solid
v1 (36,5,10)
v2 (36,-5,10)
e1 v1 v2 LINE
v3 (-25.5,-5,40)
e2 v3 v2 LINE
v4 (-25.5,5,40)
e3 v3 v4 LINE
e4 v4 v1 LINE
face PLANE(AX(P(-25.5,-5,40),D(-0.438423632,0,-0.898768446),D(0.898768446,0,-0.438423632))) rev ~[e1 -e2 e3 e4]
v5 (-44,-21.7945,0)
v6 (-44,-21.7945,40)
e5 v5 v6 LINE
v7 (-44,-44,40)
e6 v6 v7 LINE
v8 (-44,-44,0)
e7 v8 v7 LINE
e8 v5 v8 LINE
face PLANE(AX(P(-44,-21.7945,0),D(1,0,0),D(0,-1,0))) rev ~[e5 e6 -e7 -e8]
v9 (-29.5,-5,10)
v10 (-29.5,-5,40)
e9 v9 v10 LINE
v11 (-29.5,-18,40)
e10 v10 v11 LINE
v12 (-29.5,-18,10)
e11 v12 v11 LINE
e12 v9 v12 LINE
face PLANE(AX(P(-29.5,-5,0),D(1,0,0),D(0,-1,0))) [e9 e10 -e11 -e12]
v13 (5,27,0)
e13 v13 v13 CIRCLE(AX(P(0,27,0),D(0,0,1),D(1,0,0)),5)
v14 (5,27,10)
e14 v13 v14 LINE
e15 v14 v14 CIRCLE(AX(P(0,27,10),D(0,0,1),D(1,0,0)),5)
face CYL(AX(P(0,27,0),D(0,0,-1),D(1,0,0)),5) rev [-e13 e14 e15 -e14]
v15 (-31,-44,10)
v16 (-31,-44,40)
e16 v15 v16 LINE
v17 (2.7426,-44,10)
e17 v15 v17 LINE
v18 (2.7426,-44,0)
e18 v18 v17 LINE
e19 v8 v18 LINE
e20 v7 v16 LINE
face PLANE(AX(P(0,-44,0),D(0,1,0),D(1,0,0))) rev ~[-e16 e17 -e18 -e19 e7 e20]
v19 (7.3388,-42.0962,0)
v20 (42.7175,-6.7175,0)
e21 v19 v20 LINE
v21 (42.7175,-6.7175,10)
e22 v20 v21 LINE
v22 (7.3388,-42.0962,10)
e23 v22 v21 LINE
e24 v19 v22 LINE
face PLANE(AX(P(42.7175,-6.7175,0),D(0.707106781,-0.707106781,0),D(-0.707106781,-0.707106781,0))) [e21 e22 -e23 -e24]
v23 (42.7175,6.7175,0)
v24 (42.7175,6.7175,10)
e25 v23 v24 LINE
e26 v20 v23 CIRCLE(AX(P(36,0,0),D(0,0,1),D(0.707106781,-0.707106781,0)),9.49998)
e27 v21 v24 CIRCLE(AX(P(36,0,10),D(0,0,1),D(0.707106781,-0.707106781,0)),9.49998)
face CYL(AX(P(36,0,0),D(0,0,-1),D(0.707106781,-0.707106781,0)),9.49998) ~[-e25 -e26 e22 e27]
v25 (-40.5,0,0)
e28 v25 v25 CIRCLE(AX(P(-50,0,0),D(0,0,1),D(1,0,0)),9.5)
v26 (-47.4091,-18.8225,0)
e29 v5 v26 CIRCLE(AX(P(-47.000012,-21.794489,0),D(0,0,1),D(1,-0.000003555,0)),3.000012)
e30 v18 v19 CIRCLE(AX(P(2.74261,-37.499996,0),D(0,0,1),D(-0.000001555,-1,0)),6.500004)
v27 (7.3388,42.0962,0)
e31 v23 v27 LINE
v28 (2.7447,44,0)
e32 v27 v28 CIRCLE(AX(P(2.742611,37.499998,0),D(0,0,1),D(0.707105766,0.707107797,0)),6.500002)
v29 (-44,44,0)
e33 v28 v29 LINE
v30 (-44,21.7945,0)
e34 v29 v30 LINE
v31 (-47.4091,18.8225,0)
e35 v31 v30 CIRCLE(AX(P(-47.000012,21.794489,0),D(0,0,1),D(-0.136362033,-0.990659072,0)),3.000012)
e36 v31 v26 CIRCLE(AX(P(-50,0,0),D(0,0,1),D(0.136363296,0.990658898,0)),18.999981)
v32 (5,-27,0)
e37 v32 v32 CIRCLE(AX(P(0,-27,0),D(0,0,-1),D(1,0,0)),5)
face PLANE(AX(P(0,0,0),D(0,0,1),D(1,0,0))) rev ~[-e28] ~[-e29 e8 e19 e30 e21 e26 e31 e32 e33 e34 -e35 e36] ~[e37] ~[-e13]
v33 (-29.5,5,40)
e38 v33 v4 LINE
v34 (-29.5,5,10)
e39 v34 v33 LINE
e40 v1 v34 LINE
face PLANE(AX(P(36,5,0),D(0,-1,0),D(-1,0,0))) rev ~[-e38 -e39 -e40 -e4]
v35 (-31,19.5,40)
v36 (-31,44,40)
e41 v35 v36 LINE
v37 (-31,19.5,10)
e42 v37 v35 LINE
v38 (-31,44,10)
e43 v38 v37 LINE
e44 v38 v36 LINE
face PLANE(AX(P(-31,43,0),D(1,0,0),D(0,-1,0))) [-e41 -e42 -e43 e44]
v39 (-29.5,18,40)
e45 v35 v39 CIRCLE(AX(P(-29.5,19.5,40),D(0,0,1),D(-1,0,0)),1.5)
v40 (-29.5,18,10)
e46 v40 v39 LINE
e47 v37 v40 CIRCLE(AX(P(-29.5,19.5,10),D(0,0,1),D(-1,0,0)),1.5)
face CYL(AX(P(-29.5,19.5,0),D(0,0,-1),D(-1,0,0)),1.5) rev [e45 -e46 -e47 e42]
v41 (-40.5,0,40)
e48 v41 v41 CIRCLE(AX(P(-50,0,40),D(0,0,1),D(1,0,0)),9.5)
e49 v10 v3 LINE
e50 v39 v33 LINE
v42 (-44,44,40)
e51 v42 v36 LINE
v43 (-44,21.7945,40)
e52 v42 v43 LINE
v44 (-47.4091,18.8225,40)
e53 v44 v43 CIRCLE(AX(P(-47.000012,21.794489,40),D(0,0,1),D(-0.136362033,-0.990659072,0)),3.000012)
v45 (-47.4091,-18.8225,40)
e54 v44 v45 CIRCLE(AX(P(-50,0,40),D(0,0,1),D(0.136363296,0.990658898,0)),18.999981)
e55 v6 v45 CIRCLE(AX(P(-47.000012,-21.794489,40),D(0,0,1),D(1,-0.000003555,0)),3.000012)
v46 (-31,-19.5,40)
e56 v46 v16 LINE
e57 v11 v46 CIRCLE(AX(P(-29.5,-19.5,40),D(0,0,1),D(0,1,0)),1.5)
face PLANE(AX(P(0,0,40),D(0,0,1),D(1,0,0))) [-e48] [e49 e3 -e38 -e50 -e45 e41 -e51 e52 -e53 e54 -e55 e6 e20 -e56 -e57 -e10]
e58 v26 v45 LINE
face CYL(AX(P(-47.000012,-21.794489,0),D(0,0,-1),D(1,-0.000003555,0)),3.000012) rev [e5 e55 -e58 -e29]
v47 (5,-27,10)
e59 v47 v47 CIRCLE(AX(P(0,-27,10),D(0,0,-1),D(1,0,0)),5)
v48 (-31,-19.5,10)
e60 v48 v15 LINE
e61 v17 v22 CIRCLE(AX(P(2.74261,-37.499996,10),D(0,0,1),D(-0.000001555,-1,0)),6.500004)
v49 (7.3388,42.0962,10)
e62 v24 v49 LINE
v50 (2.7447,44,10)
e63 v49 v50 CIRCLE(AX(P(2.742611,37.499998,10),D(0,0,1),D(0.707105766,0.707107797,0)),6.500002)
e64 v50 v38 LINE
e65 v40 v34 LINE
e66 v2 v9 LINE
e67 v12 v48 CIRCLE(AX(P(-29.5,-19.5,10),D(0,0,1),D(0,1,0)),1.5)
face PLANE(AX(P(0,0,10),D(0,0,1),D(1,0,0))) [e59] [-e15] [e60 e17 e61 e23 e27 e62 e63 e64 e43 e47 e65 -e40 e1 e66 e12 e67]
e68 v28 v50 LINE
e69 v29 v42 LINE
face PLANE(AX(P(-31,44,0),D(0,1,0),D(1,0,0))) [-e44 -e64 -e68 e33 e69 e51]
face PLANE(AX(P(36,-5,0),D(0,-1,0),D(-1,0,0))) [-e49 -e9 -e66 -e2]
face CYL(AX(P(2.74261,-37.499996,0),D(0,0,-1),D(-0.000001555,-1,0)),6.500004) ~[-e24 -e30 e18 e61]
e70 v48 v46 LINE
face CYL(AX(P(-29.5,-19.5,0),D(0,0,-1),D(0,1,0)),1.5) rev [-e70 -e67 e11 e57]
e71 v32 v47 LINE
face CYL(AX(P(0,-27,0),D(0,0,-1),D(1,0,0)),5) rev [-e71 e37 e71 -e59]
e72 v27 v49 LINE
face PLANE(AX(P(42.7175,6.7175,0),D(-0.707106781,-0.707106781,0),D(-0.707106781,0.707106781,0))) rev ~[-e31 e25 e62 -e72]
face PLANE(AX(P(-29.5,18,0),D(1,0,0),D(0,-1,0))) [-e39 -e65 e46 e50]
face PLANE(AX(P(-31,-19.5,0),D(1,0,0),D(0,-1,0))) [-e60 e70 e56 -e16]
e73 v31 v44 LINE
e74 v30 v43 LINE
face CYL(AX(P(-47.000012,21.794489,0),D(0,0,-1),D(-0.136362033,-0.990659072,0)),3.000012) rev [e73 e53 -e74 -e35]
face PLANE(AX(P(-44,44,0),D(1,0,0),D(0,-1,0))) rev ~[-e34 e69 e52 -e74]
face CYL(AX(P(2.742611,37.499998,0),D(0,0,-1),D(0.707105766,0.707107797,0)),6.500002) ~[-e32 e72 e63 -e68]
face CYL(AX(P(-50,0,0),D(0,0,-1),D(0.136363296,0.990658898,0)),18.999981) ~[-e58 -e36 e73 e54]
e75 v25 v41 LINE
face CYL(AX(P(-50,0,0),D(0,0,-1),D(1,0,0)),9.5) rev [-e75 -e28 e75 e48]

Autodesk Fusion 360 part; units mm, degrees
sketch "Sketch1" plane through (0, 0, 0) normal (0, 0, 1) x (1, 0, 0)
  circle A0 centre (-50, 0) radius 9.5
  arc A1 (-29.5, -18) -> (-31, -19.5) centre (-29.5, -19.5) ccw
  arc A2 (-31, 19.5) -> (-29.5, 18) centre (-29.5, 19.5) ccw
  line L0 (-31, 43) -> (-31, 19.5)
  line L1 (-31, -19.5) -> (-31, -43)
  line L2 (-24, 5) -> (-24, -5)
  line L3 (-50, 43) -> (-50, 44)
  line L4 (-44, 44) -> (2.7447, 44)
  line L5 (42, 44) -> (42, 43)
  line L6 (-50, -43) -> (-50, -44)
  line L7 (-31, -43) -> (-31, -44)
  line L8 (-24, -43) -> (-24, -44)
  line L9 (-13, -43) -> (-13, -44)
  line L10 (42, -43) -> (42, -44)
  line L11 (-13, 43) -> (-13, 44)
  line L12 (-24, 43) -> (-24, 44)
  line L13 (-31, 43) -> (-31, 44)
  line L14 (-31, 44) -> (-44, 44)
  arc A3 (-47.4091, 18.8225) -> (-47.4091, -18.8225) centre (-50, 0) ccw
  line L15 (-44, 44) -> (-44, 21.7945)
  line L16 (-44, -21.7945) -> (-44, -44)
  arc A4 (-47.4091, 18.8225) -> (-44, 21.7945) centre (-47, 21.7945) ccw
  arc A5 (-44, -21.7945) -> (-47.4091, -18.8225) centre (-47, -21.7945) ccw
  line L17 (-31, 44) -> (0, 44)
  line L18 (0, 44) -> (0, 43.393)
  circle A6 centre (0, 27) radius 5
  circle A7 centre (0, -27) radius 5
  line L19 (0, 44) -> (2.7426, 44)
  line L20 (36, 0) -> (36, 5)
  line L21 (36, 5) -> (-29.5, 5)
  line L22 (36, 5) -> (36, -5)
  line L23 (36, -5) -> (-29.5, -5)
  line L24 (45.5, -44) -> (42, -44)
  line L25 (42.7175, -6.7175) -> (7.3388, -42.0962)
  arc A8 (2.7426, -44) -> (7.3388, -42.0962) centre (2.7426, -37.5) ccw
  arc A9 (0, -31.607) -> (-0.6526, -31.9572) centre (2.7426, -37.5) ccw
  line L26 (0, -44) -> (0, -43.393)
  line L27 (0, -32) -> (0, -31.607)
  line L28 (-44, -44) -> (2.7426, -44)
  line L29 (42.7175, 6.7175) -> (7.3388, 42.0962)
  arc A10 (7.3388, 42.0962) -> (2.7406, 44) centre (2.7426, 37.5) ccw
  arc A11 (42.7175, -6.7175) -> (42.7175, 6.7175) centre (36, 0) ccw
  line L30 (36, 5) -> (36, -5)
  line L31 (36, -9.5) -> (36, -13.435)
  line L32 (-29.5, 18) -> (-29.5, 5)
  line L33 (-29.5, -5) -> (-29.5, -18)
  dimension "d10" = 19
  dimension "d11" = 19
  dimension "d18" = 3
  dimension "d19" = 3
  dimension "d22" = 92
  dimension "d25" = 88
  dimension "d26" = 13
  dimension "d28" = 6
  dimension "d29" = 6
  dimension "d30" = 20
  dimension "d31" = 31
  dimension "d32" = 17
  dimension "d33" = 17
  dimension "d34" = 10
  dimension "d35" = 10
  dimension "d38" = 19
  dimension "d43" = 13
  dimension "d47" = 13
extrude "Extrude5" add sketch "Sketch1" along normal blind 40 contours A1 A2 L0 L1 L2 L4 L7 L13 L14 A3 L15 L16 A4 A5 L21 L23 L28 L32 L33
extrude "Extrude6" add sketch "Sketch1" along normal blind 10 contours A1 A2 L0 L1 L4 L7 L13 L17 L19 L20 L21 L22 L23 L25 A8 L28 L29 A10 A11 L30 L32 L33
extrude "Extrude7" add sketch "Sketch1" along normal blind 40 contours L2 L20 L21 L22 L23 L30
sketch "Sketch3" plane through (0, -5, 0) normal (0, -1, 0) x (1, 0, 0)
  line L0 (-29.5, 10) -> (36, 10)
  line L1 (36, 10) -> (36, 40)
  line L2 (36, 40) -> (-29.5, 40)
  line L3 (-29.5, 40) -> (-29.5, 10)
  line L4 (-29.5, 40) -> (-25.5, 40)
  line L5 (-25.5, 40) -> (36, 10)
  dimension "d62" = 4
extrude "Extrude8" cut sketch "Sketch3" against normal blind 10 contours L1 L2 L5
extrude "Extrude2" [suppressed]
extrude "Extrude1" [suppressed]
extrude "Extrude3" [suppressed]
sketch "Sketch2" plane through (0, -5, 0) normal (0, -1, 0) x (1, 0, 0)
  line L0 (-29.5, 10) -> (36, 10)
  line L1 (36, 10) -> (36, 40)
  line L2 (36, 40) -> (-29.5, 40)
  line L3 (-29.5, 40) -> (-29.5, 10)
  line L4 (-29.5, 40) -> (36, 10)
extrude "Extrude4" [suppressed]
